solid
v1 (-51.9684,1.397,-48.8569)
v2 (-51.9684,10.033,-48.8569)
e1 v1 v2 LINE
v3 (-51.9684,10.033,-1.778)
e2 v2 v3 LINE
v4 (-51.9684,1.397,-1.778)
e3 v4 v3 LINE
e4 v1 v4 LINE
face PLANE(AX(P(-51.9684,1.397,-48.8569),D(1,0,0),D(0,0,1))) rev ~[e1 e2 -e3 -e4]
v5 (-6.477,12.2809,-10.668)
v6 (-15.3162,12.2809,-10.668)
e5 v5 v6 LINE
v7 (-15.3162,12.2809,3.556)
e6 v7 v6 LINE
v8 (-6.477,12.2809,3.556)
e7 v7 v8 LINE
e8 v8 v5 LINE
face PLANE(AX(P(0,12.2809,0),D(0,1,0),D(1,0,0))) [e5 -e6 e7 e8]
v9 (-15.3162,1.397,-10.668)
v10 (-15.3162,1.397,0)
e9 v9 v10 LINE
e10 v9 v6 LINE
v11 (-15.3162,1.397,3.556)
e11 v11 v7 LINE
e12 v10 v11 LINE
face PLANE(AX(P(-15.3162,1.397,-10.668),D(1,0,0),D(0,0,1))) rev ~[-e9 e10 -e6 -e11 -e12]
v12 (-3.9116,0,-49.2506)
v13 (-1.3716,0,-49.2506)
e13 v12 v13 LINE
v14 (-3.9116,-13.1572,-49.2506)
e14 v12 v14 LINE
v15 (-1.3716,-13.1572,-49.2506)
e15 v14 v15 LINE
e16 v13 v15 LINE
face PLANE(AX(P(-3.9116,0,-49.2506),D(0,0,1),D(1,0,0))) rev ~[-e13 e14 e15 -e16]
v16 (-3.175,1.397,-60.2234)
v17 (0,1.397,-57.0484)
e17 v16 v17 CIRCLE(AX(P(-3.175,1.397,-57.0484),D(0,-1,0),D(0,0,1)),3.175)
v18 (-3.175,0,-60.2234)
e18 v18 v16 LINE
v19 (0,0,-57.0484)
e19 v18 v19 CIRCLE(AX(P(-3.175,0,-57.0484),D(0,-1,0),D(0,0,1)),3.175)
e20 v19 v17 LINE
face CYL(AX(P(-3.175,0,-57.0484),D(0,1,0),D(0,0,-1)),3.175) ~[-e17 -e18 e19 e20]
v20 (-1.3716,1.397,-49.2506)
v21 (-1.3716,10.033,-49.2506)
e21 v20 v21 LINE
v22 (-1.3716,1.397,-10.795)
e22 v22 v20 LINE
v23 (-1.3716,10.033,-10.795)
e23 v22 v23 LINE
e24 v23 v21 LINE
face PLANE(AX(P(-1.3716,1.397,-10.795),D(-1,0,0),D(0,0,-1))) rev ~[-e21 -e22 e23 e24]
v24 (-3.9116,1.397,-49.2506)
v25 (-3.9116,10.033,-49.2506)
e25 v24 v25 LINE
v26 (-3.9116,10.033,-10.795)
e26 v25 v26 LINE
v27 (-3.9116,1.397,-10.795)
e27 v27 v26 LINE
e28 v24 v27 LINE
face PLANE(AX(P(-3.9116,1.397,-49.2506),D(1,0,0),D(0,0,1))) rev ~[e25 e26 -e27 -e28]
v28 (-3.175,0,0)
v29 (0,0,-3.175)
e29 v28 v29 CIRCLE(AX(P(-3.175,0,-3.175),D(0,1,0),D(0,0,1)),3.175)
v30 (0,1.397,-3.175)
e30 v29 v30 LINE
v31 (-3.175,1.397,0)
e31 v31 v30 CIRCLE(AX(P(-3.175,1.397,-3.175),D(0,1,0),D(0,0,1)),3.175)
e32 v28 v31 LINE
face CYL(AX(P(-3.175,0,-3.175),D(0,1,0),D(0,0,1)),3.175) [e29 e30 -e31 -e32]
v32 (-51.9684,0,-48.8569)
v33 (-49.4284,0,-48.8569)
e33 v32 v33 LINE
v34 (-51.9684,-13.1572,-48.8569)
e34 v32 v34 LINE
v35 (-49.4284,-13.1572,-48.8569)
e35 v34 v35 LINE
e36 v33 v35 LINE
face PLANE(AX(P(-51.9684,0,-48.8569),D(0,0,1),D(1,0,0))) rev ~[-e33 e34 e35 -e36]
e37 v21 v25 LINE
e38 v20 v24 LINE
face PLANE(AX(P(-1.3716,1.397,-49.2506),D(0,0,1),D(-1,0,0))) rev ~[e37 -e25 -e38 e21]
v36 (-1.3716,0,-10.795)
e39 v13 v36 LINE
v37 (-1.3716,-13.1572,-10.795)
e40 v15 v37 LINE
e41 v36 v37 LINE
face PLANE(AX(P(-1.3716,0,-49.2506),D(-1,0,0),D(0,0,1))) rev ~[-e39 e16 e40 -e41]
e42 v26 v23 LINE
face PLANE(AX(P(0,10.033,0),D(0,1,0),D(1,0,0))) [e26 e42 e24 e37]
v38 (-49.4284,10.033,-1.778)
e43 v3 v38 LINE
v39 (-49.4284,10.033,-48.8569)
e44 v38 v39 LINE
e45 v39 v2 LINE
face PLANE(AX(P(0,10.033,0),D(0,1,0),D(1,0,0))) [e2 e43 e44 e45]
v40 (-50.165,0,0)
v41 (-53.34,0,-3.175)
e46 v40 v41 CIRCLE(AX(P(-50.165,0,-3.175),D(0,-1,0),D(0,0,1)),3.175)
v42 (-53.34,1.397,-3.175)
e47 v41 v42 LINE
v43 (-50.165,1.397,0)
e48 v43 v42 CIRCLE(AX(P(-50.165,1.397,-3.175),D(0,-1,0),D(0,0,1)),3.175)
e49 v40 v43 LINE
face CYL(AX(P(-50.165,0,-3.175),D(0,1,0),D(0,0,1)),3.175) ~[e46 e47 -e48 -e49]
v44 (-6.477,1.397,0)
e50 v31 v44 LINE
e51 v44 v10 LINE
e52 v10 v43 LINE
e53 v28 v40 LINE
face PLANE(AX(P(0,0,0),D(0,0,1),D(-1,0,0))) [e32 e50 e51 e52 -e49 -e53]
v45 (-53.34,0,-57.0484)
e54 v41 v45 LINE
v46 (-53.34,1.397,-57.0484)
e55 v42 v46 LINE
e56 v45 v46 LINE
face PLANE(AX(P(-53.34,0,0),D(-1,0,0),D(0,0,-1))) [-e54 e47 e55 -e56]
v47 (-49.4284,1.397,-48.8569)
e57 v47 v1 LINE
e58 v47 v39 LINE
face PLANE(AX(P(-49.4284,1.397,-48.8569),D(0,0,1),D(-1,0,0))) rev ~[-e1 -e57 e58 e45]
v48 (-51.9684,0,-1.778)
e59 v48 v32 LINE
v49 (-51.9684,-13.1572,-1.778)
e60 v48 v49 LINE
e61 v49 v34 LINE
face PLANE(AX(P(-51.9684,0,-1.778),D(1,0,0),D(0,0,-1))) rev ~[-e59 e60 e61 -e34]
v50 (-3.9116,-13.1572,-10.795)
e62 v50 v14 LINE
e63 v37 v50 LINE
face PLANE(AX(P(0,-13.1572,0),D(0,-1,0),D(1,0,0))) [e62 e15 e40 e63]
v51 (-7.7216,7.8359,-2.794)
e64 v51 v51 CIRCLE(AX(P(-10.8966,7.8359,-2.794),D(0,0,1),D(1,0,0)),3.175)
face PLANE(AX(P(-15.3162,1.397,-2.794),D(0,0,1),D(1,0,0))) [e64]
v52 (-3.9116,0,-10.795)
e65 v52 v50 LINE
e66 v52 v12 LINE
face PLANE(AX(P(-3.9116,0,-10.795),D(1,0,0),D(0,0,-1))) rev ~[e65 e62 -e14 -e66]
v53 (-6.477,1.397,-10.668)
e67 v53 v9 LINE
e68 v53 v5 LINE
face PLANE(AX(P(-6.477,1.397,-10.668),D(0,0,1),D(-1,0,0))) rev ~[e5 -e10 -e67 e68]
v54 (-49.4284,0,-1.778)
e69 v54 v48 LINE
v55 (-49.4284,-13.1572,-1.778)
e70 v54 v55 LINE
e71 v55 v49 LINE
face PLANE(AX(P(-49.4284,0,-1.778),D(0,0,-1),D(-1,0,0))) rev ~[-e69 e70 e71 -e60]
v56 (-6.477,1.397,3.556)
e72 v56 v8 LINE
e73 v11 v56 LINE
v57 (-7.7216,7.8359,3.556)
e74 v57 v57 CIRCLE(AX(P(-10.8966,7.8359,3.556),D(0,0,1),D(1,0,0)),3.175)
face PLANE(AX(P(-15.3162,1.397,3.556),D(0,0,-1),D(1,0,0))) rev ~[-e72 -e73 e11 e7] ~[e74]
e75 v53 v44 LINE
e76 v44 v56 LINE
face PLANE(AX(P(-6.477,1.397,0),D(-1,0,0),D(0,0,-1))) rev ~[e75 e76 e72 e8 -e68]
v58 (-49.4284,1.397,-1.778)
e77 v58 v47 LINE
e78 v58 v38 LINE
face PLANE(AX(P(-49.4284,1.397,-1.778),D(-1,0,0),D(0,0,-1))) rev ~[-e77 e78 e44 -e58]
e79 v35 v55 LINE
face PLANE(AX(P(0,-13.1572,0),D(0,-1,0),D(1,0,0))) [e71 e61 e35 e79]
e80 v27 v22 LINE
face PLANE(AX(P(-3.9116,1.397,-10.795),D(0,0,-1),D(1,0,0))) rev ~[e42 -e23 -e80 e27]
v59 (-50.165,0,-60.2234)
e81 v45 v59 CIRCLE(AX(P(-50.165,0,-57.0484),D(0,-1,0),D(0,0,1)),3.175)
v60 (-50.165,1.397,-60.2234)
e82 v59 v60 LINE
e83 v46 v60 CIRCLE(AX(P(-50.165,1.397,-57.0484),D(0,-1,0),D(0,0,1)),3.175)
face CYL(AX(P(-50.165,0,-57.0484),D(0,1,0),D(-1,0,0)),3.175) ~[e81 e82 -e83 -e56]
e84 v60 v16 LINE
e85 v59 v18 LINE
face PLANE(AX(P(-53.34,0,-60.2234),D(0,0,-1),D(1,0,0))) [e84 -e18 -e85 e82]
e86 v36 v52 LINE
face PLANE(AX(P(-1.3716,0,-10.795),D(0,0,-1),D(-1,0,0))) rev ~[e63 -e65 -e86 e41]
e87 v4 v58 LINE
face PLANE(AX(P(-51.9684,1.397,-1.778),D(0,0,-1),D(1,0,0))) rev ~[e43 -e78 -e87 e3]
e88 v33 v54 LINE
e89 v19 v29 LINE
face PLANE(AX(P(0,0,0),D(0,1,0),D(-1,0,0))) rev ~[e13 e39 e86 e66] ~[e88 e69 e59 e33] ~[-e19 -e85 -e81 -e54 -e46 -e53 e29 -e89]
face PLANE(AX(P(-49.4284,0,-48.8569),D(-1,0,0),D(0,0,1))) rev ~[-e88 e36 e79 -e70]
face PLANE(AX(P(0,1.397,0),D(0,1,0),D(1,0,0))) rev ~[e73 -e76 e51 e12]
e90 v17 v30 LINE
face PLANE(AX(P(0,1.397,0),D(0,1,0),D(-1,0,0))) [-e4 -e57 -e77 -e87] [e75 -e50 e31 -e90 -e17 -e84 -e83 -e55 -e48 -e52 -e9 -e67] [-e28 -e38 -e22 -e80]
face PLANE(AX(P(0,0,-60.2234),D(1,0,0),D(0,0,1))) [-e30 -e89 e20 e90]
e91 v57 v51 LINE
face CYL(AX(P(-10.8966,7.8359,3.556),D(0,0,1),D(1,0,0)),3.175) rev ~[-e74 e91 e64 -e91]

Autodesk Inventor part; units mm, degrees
ref_plane "YZ Plane" through (0, 0, 0) normal (1, 0, 0) x (0, 1, 0)
ref_plane "XZ Plane" through (0, 0, 0) normal (0, 1, 0) x (-1, 0, 0)
ref_plane "XY Plane" through (0, 0, 0) normal (0, 0, 1) x (1, 0, 0)
sketch "Sketch1" plane through (0, 0, 0) normal (0, 1, 0) x (-1, 0, 0)
  line L0 (0, 0) -> (53.34, 0)
  line L1 (53.34, 0) -> (53.34, -60.2234)
  line L2 (53.34, -60.2234) -> (0, -60.2234)
  line L3 (0, -60.2234) -> (0, 0)
  dimension "d0" = 53.34
  dimension "d1" = 60.2234
extrude "Extrusion1" add sketch "Sketch1" along normal blind 1.397
fillet "Fillet1" radius 3.175 4 edges at (0, 0.6985, -60.2234) (-53.34, 0.6985, -60.2234) (0, 0.6985, 0) (-53.34, 0.6985, 0)
sketch "Sketch2" plane through (0, 1.397, 0) normal (0, 1, 0) x (1, 0, 0)
  line L0 (0, 0) -> (-74.2846, 0) construction
  line L1 (0, 0) -> (0, 92.3898) construction
  line L2 (-3.9116, 10.795) -> (-1.3716, 10.795)
  line L3 (-1.3716, 10.795) -> (-1.3716, 49.2506)
  line L4 (-1.3716, 49.2506) -> (-3.9116, 49.2506)
  line L5 (-3.9116, 49.2506) -> (-3.9116, 10.795)
  line L6 (-51.9684, 1.778) -> (-49.4284, 1.778)
  line L7 (-49.4284, 1.778) -> (-49.4284, 48.8569)
  line L8 (-49.4284, 48.8569) -> (-51.9684, 48.8569)
  line L9 (-51.9684, 48.8569) -> (-51.9684, 1.778)
  line L10 (-53.34, 57.0484) -> (-53.34, 3.175) projected
  line L11 (-53.34, 50.5823) -> (-53.34, -10.1143) construction
  dimension "d5" = 2.54
  dimension "d6" = 2.54
  dimension "d7" = 38.4556
  dimension "d8" = 47.0789
  dimension "d9" = 1.778
  dimension "d10" = 3.9116
  dimension "d11" = 10.795
  dimension "d12" = 3.9116
extrude "Extrusion2" add sketch "Sketch2" along normal blind 8.636
sketch "Sketch3" plane through (0, 1.397, 0) normal (0, 1, 0) x (1, 0, 0)
  line L0 (0, 0) -> (-18.0314, 0) construction
  line L1 (-50.165, 0) -> (-3.175, 0) projected
  line L2 (0, 0) -> (0, 13.9144) construction
  line L3 (0, 3.175) -> (0, 57.0484) projected
  line L4 (-15.3162, -3.556) -> (-6.477, -3.556)
  line L5 (-6.477, -3.556) -> (-6.477, 10.668)
  line L6 (-6.477, 10.668) -> (-15.3162, 10.668)
  line L7 (-15.3162, 10.668) -> (-15.3162, -3.556)
  dimension "d19" = 8.8392
  dimension "d20" = 14.224
  dimension "d21" = 3.556
  dimension "d22" = 6.477
extrude "Extrusion3" add sketch "Sketch3" along normal blind 10.8839
sketch "Sketch4" plane through (0, 0, 0) normal (0, -1, 0) x (1, 0, 0)
  line L0 (0, 0) -> (0, -16.5285) construction
  line L1 (0, -3.175) -> (0, -57.0484) projected
  line L2 (0, 0) -> (-10.3791, 0) construction
  line L3 (-3.175, 0) -> (-50.165, 0) projected
  line L4 (-49.4284, -48.8569) -> (-49.4284, -1.778) projected
  line L5 (-51.9684, -1.778) -> (-51.9684, -48.8569) projected
  line L6 (-49.4284, -1.778) -> (-51.9684, -1.778)
  line L7 (-51.9684, -1.778) -> (-51.9684, -48.8569)
  line L8 (-51.9684, -48.8569) -> (-49.4284, -48.8569)
  line L9 (-49.4284, -48.8569) -> (-49.4284, -1.778)
  line L10 (-1.3716, -10.795) -> (-3.9116, -10.795)
  line L11 (-3.9116, -10.795) -> (-3.9116, -49.2506)
  line L12 (-3.9116, -49.2506) -> (-1.3716, -49.2506)
  line L13 (-1.3716, -49.2506) -> (-1.3716, -10.795)
  dimension "d25" = 47.0789
  dimension "d27" = 2.54
  dimension "d28" = 38.4556
  dimension "d29" = 10.795
  dimension "d30" = 3.9116
  dimension "d31" = 1.778
extrude "Extrusion4" add sketch "Sketch4" along normal blind 13.1572
sketch "Sketch5" plane through (-15.3162, 1.397, 3.556) normal (0, 0, 1) x (1, 0, 0)
  circle A0 centre (4.4196, 6.4389) radius 3.175
  line L0 (0, 10.8839) -> (8.8392, 10.8839) projected
  line L1 (4.4196, 10.8839) -> (4.4196, -0.1131) construction
  point P0 (15.3162, -1.397)
  dimension "d34" = 6.35
  dimension "d35" = 4.445
extrude "Extrusion5" cut sketch "Sketch5" against normal blind 6.35
properties part number "board_mockup"
